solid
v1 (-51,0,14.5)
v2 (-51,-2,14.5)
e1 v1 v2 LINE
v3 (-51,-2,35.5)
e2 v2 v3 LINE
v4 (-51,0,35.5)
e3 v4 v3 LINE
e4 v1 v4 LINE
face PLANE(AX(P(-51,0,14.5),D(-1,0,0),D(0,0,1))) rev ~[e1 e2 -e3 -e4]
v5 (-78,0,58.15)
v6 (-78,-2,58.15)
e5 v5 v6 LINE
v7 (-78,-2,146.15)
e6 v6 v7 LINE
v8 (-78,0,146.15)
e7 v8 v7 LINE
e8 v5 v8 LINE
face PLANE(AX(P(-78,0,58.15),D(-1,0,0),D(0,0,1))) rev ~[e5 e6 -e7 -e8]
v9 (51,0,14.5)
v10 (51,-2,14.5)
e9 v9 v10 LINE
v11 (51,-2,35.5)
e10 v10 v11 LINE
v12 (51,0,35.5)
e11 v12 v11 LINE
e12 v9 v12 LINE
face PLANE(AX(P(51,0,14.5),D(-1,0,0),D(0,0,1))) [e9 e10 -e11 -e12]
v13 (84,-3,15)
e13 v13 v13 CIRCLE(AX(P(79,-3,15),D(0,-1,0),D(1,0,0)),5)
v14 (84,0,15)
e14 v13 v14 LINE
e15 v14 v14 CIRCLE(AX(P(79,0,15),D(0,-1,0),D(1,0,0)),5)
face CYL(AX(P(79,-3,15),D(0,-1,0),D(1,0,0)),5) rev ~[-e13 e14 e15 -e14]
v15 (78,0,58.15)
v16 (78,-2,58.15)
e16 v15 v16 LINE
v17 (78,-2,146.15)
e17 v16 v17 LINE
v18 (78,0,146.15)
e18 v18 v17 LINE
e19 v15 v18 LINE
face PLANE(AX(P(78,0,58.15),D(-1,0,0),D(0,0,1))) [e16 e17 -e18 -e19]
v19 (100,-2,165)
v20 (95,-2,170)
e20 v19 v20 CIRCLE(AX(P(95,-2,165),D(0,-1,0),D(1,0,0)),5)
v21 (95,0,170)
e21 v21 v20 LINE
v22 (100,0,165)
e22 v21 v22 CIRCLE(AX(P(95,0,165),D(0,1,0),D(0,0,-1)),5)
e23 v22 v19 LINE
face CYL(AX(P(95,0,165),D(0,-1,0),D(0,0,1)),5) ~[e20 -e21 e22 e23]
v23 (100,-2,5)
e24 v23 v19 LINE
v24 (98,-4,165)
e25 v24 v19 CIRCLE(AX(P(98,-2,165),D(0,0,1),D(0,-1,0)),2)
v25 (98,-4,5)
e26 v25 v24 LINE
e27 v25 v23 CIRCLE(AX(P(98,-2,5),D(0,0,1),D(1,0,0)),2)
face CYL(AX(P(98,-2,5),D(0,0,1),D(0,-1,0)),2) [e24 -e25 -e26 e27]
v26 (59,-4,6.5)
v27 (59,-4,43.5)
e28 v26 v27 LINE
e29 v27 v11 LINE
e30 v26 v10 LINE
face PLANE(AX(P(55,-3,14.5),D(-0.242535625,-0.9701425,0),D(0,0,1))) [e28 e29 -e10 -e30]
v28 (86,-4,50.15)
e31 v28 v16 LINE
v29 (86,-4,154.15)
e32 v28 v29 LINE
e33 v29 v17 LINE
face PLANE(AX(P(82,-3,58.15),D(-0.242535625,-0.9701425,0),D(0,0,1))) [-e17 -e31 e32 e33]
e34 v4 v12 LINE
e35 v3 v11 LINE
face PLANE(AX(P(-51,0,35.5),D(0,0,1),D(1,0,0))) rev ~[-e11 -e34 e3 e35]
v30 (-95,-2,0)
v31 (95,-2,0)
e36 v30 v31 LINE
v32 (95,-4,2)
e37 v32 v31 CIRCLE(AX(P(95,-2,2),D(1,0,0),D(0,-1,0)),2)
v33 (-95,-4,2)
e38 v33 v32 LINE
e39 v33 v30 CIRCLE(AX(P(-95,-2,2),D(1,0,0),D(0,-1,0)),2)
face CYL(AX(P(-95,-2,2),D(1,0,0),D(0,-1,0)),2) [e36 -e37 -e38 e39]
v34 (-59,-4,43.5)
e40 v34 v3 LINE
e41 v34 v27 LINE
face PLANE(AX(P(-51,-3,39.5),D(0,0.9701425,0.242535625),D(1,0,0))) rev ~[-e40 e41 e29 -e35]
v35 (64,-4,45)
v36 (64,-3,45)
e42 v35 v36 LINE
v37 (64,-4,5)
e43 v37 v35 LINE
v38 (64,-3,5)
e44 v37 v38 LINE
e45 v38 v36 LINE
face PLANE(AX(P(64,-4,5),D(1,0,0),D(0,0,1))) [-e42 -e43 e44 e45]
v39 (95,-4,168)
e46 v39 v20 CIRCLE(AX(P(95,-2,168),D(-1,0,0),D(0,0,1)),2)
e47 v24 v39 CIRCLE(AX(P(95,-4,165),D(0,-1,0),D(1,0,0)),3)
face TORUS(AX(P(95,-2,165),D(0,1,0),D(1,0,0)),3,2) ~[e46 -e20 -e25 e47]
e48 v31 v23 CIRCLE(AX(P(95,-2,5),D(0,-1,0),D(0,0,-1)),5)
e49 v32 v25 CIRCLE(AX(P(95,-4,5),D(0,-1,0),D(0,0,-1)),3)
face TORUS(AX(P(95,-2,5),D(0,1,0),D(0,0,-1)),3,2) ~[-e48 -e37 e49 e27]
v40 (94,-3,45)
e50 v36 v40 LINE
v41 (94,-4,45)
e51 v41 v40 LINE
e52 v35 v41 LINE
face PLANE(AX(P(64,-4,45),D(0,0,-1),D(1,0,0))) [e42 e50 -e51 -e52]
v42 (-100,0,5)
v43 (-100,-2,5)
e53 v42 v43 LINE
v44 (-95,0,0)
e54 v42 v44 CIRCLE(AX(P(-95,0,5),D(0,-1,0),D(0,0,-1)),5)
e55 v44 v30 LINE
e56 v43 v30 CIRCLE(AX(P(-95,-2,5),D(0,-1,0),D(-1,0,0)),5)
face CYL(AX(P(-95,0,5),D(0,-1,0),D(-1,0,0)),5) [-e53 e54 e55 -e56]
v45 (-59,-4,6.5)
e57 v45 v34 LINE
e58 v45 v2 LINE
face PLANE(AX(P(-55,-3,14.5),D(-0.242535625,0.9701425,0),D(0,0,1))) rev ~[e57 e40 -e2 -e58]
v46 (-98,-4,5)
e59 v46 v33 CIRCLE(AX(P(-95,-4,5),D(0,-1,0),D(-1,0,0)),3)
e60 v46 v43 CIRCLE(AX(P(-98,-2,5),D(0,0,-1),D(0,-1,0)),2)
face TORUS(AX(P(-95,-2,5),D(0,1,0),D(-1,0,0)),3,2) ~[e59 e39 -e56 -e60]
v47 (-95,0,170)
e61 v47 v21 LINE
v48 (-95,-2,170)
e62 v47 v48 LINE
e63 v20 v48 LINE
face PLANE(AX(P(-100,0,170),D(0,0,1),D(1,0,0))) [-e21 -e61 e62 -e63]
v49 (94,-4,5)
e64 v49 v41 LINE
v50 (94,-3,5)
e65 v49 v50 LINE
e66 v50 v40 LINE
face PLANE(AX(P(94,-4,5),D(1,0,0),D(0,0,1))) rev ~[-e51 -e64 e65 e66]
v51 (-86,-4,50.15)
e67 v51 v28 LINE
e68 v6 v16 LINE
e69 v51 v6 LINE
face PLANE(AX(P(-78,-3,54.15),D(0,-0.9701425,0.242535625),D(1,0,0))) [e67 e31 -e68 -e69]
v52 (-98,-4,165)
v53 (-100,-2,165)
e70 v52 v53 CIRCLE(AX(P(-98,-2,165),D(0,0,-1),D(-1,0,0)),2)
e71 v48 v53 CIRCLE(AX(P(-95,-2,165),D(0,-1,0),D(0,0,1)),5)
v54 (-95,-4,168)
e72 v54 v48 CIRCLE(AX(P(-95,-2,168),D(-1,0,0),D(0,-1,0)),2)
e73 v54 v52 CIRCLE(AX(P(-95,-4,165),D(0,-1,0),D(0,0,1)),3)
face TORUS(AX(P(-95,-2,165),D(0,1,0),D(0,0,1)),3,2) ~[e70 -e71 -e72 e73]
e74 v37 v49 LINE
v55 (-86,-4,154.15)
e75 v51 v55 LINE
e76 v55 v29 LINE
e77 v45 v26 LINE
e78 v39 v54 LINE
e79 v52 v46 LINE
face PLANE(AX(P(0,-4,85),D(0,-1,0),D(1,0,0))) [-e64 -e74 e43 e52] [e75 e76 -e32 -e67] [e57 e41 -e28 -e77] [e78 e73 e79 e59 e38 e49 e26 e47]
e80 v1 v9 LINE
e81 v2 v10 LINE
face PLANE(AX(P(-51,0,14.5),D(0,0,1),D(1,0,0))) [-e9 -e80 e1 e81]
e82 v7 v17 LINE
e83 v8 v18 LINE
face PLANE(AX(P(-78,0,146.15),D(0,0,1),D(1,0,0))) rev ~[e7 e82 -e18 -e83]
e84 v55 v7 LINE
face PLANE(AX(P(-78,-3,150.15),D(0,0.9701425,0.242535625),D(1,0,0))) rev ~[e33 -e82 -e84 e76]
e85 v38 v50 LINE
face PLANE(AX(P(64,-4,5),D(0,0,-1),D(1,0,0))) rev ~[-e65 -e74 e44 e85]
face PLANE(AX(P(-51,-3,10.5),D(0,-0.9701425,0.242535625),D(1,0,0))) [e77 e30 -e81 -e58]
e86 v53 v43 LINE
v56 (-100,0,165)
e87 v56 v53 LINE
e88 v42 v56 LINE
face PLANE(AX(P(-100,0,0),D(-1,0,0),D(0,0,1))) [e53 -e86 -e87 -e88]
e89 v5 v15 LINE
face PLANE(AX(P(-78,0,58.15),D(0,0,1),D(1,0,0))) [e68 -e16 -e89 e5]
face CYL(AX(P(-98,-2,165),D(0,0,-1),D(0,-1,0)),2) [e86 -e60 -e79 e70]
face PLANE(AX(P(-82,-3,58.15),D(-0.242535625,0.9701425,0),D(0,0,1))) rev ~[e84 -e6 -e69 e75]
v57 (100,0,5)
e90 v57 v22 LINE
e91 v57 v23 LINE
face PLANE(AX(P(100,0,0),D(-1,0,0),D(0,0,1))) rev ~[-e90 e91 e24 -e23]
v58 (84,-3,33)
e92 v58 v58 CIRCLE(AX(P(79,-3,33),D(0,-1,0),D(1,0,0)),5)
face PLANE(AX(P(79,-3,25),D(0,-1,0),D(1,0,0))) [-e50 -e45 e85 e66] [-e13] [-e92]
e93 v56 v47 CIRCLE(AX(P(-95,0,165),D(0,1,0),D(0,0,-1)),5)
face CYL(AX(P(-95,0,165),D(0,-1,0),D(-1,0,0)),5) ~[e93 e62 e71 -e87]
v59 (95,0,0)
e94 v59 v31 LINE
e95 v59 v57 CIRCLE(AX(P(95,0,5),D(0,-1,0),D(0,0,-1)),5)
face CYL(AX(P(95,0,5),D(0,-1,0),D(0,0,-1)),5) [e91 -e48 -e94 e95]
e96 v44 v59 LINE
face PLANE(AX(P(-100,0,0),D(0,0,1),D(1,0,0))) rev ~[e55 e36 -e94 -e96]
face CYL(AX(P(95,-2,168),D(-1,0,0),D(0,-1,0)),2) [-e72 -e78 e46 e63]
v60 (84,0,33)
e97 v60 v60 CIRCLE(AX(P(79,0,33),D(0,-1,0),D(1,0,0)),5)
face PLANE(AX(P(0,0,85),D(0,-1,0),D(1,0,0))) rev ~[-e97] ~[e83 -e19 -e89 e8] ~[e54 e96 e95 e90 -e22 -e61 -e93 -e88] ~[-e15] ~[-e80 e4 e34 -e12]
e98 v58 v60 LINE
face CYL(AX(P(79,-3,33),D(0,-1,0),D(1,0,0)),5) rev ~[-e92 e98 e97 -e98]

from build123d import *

# Parameters (mm, degrees)
F0_W     = 200
F0_H     = 170
F0_W_2   = 102
F0_H_2   = 21
F0_W_3   = 156
F0_H_3   = 88
F1_DEPTH = 4
F2_R     = 5
F3_R     = 5
F4_SIZE2 = 2
F4_SIZE  = 8
F5_R     = 2
F6_W     = 30
F6_H     = 40
F7_DEPTH = 1
F8_R     = 5
F9_DEPTH = 25


with BuildPart() as f1:
    # F0 (on Front) → F1 (new body)
    with BuildSketch(Plane.XZ):
        with Locations((0, 85)):
            Rectangle(F0_W, F0_H)
        with Locations((0, 25)):
            Rectangle(F0_W_2, F0_H_2, mode=Mode.SUBTRACT)
        with Locations((0, 102.15)):
            Rectangle(F0_W_3, F0_H_3, mode=Mode.SUBTRACT)
    extrude(amount=F1_DEPTH)

    # F2
    f2_edges = [f1.edges().sort_by_distance(p)[0] for p in [
        (-100, -2, 0),
    ]]
    fillet(f2_edges, radius=F2_R)

    # F3
    f3_edges = [f1.edges().sort_by_distance(p)[0] for p in [
        (100, -2, 0),
        (100, -2, 170),
        (-100, -2, 170),
    ]]
    fillet(f3_edges, radius=F3_R)

    # F4
    f4_edges = [f1.edges().sort_by_distance(p)[0] for p in [
        (-78, -4, 102.15),
        (78, -4, 102.15),
        (0, -4, 146.15),
        (0, -4, 58.15),
        (0, -4, 35.5),
        (0, -4, 14.5),
        (-51, -4, 25),
        (51, -4, 25),
    ]]
    f4_side = f1.faces().sort_by_distance((-97.375119, -4, 85))[0]
    chamfer(f4_edges, length=F4_SIZE, length2=F4_SIZE2, reference=f4_side)

    # F5
    f5_edges = [f1.edges().sort_by_distance(p)[0] for p in [
        (0, -4, 0),
    ]]
    fillet(f5_edges, radius=F5_R)

    # F6 (on face) → F7 (cut)
    with BuildSketch(Plane.XZ.offset(4)):
        with Locations((79, 25)):
            Rectangle(F6_W, F6_H)
    extrude(amount=-F7_DEPTH, mode=Mode.SUBTRACT)

    # F8 (on face) → F9 (cut)
    with BuildSketch(Plane.XZ.offset(3)):
        with Locations((79, 15)):
            Circle(F8_R)
        with Locations((79, 33)):
            Circle(F8_R)
    extrude(amount=-F9_DEPTH, mode=Mode.SUBTRACT)


solid = f1.part
